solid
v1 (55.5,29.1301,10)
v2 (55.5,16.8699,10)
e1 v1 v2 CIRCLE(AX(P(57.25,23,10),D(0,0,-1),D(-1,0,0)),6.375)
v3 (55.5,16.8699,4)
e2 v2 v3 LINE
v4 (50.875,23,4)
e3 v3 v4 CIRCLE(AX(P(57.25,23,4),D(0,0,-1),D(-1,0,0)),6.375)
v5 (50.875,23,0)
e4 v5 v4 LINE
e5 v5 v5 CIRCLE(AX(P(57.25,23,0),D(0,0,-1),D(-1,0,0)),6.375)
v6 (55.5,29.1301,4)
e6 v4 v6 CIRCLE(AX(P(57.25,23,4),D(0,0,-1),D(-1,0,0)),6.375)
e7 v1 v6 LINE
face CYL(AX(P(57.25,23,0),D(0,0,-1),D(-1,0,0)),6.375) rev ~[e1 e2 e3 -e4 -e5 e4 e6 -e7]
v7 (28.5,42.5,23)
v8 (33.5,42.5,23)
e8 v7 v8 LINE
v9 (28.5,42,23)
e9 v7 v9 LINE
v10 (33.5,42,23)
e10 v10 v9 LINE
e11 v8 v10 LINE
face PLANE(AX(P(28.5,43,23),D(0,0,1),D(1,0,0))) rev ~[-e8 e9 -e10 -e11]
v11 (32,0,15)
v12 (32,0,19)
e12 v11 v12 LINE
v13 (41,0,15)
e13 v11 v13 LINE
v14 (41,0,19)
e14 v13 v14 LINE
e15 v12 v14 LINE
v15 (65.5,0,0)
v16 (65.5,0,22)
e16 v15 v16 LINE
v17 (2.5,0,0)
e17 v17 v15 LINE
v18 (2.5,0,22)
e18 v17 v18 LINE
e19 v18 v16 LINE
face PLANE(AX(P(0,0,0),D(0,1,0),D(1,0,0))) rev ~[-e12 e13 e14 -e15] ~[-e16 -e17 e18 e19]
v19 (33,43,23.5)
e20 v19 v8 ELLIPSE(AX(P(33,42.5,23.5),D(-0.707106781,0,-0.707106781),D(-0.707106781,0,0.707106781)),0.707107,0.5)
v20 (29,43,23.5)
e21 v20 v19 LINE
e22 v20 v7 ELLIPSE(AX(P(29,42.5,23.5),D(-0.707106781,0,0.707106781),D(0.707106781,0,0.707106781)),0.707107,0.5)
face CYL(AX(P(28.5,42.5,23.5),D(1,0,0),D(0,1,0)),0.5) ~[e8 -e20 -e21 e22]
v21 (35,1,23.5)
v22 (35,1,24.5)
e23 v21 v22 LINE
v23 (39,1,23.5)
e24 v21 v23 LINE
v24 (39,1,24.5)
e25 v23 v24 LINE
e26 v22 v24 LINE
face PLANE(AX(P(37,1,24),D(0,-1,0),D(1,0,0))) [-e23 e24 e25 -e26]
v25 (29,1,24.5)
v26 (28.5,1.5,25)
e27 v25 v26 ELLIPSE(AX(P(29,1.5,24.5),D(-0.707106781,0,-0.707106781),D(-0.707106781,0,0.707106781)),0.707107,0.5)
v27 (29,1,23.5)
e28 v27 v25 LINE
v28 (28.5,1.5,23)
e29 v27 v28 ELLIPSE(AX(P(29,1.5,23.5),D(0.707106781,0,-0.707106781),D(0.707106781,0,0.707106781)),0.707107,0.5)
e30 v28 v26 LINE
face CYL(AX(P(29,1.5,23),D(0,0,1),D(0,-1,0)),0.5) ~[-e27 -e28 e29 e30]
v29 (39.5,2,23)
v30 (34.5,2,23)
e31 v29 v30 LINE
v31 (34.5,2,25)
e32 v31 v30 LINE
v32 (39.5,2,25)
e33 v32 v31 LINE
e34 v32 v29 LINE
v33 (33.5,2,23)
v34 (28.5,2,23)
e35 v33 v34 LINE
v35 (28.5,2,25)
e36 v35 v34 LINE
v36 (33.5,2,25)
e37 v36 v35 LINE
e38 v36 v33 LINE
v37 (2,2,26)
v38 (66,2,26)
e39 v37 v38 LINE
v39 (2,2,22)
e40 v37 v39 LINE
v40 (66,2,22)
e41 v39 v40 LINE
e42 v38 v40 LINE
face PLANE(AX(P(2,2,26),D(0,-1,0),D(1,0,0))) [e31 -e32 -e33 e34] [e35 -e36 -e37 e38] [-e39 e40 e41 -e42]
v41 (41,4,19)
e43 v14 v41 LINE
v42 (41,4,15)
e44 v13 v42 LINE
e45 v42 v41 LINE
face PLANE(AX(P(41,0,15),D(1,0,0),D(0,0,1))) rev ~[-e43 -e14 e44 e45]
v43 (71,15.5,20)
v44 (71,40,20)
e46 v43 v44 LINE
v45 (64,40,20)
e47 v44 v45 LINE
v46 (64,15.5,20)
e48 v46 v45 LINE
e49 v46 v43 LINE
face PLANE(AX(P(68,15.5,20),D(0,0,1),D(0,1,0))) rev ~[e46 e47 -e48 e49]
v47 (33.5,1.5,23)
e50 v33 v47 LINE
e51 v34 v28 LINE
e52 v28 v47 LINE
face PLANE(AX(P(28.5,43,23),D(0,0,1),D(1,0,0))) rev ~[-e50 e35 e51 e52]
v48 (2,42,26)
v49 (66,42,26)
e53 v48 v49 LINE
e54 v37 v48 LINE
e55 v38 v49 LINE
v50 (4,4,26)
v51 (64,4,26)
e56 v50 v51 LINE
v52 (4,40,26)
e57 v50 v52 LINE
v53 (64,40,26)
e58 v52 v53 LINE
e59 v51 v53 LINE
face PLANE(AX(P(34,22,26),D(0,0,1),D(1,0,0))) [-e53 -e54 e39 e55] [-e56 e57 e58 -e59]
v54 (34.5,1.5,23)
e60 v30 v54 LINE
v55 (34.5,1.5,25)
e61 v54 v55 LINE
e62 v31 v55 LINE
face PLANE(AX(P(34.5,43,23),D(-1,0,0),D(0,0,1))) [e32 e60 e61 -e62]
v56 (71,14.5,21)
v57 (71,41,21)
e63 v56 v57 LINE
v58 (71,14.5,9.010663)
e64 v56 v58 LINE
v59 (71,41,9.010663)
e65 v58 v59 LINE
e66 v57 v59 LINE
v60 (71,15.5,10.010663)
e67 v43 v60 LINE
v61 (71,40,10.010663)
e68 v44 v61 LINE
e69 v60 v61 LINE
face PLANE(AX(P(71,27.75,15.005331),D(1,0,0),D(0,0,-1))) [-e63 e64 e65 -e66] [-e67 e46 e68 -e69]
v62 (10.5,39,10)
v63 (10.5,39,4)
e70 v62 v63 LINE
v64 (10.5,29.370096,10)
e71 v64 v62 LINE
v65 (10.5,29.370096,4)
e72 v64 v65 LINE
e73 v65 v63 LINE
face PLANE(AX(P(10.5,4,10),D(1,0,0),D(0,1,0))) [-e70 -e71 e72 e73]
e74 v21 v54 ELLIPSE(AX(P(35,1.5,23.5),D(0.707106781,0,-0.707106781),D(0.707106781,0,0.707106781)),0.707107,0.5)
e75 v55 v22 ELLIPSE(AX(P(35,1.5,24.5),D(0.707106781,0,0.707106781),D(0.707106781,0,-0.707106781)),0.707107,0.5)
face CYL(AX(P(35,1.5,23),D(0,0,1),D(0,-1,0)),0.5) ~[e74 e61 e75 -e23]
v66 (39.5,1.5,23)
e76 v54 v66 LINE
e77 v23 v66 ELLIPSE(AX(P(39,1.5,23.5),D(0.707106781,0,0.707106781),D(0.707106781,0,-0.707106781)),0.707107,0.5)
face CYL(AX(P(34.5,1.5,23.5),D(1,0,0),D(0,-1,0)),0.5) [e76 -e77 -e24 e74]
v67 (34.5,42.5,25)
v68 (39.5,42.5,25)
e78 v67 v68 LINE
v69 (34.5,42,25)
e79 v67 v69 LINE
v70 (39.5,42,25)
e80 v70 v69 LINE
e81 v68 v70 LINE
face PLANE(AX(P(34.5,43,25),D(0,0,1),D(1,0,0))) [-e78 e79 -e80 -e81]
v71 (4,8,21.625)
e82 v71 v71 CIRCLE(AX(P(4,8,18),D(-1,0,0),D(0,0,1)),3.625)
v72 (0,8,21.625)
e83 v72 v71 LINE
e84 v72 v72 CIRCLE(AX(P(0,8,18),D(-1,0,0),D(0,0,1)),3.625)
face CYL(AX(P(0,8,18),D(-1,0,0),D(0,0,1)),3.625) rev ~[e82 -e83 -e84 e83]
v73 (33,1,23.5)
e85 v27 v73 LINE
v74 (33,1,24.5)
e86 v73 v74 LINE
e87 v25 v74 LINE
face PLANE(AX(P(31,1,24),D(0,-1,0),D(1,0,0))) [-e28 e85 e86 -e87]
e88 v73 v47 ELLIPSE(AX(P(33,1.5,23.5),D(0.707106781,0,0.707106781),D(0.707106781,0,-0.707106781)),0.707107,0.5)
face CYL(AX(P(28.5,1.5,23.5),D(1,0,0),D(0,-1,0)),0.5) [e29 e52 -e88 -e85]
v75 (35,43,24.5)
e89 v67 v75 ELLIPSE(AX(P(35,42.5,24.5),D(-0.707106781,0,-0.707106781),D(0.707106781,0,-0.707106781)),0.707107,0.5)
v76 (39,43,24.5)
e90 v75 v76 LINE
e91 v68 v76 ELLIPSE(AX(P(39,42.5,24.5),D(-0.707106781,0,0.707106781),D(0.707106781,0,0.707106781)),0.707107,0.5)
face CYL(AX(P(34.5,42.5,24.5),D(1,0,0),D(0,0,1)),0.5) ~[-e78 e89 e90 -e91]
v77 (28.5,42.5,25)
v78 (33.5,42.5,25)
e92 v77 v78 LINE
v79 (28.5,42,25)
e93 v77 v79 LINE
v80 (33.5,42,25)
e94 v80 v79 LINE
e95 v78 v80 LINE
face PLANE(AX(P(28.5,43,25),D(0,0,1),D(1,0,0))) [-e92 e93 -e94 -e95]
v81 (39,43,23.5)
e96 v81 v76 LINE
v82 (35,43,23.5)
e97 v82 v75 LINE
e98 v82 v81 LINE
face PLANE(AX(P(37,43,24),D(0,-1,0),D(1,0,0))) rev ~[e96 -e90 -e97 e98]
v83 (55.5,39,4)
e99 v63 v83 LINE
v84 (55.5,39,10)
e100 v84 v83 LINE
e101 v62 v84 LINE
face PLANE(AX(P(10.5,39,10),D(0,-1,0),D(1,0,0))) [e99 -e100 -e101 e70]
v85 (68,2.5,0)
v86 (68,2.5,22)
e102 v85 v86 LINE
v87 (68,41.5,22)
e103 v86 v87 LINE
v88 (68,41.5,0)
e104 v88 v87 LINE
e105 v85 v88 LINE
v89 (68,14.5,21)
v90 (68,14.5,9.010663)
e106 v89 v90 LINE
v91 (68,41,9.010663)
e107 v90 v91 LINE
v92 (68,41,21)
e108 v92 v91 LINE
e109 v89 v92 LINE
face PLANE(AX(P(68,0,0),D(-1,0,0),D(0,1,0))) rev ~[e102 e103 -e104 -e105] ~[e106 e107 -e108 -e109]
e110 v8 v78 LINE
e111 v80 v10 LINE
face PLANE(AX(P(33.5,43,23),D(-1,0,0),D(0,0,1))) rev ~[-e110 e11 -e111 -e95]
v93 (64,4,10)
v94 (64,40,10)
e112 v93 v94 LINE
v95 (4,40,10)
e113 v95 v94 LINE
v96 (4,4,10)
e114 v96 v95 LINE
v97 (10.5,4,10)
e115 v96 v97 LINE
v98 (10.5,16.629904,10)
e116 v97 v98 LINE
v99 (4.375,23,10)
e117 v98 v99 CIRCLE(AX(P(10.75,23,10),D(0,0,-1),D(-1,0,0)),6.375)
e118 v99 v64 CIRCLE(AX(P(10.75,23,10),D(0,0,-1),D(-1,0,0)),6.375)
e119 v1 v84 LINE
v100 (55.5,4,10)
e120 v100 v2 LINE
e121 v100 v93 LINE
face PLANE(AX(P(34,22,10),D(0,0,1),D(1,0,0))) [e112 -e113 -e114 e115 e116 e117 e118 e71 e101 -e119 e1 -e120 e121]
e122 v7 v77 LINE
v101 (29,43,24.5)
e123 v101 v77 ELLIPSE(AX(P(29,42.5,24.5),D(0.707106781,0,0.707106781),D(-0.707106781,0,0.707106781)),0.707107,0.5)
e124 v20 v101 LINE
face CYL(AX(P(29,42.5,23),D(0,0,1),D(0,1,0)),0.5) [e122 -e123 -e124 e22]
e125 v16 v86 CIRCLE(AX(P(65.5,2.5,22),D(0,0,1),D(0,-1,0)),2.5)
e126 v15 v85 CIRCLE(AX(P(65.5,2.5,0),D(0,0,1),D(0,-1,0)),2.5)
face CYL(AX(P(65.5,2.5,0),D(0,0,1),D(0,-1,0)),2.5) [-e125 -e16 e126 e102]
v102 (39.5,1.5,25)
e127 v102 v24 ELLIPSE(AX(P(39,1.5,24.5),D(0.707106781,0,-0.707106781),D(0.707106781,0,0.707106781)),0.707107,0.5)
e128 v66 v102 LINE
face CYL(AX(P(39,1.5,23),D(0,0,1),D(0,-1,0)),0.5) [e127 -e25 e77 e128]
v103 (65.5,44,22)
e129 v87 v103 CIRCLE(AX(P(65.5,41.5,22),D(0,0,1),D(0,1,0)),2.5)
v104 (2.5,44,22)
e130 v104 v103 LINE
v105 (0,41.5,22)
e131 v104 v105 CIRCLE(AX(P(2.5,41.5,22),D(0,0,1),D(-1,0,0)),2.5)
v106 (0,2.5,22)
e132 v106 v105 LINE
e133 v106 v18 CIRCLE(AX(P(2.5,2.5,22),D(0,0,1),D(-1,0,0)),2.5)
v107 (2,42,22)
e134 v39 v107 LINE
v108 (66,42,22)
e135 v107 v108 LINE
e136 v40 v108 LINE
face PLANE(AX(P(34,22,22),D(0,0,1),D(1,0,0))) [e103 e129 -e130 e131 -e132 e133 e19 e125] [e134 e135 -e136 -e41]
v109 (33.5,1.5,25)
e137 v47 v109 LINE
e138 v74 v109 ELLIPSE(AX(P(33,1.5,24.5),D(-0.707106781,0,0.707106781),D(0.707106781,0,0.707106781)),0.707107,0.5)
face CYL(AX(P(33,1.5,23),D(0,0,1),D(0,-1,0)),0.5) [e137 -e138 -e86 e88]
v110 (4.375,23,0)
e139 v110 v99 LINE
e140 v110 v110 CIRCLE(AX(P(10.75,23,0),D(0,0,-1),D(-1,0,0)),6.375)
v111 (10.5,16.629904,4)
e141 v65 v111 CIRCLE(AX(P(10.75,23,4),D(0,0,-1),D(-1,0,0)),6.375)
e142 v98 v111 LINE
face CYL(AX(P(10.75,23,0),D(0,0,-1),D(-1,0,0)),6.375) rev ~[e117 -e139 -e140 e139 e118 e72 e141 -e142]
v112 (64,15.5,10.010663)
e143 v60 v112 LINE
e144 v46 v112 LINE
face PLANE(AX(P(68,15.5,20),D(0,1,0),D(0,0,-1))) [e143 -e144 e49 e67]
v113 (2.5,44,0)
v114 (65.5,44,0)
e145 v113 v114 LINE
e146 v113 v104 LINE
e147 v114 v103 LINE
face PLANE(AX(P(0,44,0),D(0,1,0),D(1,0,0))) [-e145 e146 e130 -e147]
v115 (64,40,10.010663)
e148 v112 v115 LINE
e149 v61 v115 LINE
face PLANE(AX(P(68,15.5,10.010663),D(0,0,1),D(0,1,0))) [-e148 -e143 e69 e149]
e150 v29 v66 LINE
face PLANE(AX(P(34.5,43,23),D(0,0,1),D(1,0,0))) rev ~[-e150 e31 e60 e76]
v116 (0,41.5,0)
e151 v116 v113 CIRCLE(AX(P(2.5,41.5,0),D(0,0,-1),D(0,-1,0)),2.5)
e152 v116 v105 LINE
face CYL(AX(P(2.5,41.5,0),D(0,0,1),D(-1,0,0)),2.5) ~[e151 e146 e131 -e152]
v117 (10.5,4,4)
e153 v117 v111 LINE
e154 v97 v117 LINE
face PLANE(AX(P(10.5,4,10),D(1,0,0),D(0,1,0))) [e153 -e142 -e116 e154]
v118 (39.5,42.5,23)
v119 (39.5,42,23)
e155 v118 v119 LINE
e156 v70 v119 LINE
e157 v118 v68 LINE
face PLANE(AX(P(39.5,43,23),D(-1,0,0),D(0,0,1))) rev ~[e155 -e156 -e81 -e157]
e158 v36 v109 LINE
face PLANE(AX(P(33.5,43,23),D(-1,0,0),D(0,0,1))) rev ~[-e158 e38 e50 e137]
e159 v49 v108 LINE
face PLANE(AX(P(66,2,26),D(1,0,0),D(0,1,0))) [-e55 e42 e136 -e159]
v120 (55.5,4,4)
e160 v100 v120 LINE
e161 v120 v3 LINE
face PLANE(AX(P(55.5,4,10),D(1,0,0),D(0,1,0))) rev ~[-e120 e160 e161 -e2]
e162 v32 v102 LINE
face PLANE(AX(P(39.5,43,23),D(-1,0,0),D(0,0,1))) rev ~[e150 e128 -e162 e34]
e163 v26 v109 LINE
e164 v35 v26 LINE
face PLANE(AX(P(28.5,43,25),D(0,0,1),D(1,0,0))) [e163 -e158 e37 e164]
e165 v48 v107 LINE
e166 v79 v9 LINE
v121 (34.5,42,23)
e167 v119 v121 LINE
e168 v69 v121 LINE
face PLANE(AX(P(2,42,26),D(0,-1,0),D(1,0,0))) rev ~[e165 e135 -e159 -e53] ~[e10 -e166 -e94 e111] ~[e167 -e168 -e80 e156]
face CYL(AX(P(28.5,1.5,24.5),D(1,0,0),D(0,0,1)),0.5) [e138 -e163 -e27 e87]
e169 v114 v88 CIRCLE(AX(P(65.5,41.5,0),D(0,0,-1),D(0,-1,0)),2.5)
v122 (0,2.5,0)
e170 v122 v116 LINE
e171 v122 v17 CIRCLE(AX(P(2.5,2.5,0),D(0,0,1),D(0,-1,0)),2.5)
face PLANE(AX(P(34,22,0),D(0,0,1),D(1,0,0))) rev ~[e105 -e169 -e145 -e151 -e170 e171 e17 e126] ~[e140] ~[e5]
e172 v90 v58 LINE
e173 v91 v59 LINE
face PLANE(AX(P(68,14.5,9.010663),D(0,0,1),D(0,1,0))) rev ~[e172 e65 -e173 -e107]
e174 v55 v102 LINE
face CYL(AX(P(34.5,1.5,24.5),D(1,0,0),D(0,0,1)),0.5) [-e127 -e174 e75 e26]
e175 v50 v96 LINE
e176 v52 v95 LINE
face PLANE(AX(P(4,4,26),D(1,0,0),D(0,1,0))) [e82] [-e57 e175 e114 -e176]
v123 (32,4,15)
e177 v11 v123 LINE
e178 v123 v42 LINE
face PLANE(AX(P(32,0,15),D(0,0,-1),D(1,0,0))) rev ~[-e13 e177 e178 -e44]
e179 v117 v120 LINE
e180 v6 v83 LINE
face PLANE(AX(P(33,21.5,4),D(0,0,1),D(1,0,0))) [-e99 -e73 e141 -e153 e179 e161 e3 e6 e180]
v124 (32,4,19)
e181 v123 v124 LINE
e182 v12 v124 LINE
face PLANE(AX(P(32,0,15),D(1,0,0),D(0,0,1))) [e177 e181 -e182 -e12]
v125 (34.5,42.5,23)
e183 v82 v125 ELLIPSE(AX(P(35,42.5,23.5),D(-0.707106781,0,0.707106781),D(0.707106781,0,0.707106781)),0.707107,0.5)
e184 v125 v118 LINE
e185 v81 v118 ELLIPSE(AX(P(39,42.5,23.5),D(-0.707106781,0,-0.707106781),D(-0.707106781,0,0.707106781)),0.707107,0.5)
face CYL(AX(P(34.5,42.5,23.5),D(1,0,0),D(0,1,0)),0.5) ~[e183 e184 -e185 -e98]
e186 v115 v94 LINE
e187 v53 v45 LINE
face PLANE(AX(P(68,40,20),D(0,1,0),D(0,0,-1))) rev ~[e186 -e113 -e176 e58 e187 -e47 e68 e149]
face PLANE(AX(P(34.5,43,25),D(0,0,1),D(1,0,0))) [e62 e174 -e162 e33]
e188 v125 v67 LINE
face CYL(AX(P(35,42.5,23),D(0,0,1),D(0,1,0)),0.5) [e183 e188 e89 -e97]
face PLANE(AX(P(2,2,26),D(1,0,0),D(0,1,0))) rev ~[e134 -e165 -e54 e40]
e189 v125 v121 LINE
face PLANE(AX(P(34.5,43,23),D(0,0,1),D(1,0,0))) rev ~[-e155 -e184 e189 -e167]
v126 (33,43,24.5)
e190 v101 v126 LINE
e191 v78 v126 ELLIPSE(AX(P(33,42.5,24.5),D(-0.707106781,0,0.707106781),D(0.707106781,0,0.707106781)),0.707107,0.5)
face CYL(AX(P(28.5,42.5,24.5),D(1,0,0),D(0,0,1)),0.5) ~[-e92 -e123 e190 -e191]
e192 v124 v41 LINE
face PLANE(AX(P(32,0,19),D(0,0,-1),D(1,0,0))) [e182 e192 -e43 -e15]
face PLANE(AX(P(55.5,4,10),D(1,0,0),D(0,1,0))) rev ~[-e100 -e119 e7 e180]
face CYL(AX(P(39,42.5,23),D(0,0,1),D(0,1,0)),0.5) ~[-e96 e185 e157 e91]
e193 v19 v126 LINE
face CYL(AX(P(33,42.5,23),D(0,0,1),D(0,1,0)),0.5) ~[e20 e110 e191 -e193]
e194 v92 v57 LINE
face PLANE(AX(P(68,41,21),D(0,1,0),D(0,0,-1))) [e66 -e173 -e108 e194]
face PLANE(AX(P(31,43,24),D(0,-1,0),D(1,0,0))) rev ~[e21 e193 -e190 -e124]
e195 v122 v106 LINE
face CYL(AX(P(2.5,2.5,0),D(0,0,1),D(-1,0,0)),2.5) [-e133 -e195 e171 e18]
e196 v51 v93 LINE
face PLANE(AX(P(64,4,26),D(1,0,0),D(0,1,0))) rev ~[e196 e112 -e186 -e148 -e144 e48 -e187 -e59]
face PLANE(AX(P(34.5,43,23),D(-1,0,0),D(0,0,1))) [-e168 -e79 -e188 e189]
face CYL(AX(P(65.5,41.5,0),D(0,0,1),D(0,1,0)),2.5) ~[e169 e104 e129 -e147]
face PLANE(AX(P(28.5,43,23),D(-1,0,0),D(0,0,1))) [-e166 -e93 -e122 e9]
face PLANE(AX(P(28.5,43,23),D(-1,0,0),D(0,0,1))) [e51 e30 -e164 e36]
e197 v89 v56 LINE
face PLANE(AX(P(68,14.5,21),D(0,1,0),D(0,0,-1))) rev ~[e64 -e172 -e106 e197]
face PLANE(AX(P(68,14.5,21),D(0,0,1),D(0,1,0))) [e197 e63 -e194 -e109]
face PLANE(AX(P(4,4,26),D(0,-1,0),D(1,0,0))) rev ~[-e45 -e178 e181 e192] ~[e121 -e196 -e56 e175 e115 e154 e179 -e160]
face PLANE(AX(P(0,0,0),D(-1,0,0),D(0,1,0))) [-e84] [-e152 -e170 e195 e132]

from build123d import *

# Parameters (mm, degrees)
SKETCH1_W                   = 68
SKETCH1_H                   = 44
MIAN_BOSS_EXTRUDE_DEPTH     = 26
SKETCH2_W                   = 60
SKETCH2_H                   = 36
MAIN_CUT_DEPTH              = 16
SKETCH4_W                   = 45
SKETCH4_H                   = 35
BATTERY_CUT_DEPTH           = 6
SKETCH5_R                   = 6.375
ELCTRODE_CUT_DEPTH          = 12
SKETCH6_W                   = 9.989337028
SKETCH6_H                   = 24.5
USB_C_CUT_DEPTH             = 7
SKETCH7_R                   = 3.625
BUTTON_CUT_DEPTH            = 7
SKETCH8_W                   = 9
SKETCH8_H                   = 4
SWITCH_CUT_DEPTH            = 7
OUTSIDE_FILLET_R            = 2.5
SKETCH10_OUTSIDE_W          = 87.012
SKETCH10_OUTSIDE_H          = 63.012
SKETCH10_OUTSIDE_W_2        = 64
SKETCH10_OUTSIDE_H_2        = 40
OUTER_LID_EXTRUDE_DEPTH     = 4
LID_SNAP_EXTRUDE_DEPTH      = 1
LID_SNAP_EXTRUDE_DEPTH_BACK = 41
SKETCH11_W                  = 5
SKETCH11_H                  = 2
SKETCH13_W                  = 11
SKETCH13_H                  = 36
INNER_LID_EXTRUDE_DEPTH     = 3
SKETCH14_W                  = 11.989337028
SKETCH14_H                  = 26.5
SKETCH14_W_2                = 9.989337028
SKETCH14_H_2                = 24.5
USB_COVER_EXTRUDE_DEPTH     = 3
LID_SNAP_FILLET_R           = 0.5


with BuildPart() as part:
    # Sketch1 → Mian Boss Extrude (new body)
    with BuildSketch(Plane.XY):
        with Locations((34, 22)):
            Rectangle(SKETCH1_W, SKETCH1_H)
    extrude(amount=MIAN_BOSS_EXTRUDE_DEPTH)

    # Sketch2 → Main cut (cut)
    with BuildSketch(Plane.XY.offset(26)):
        with Locations((34, 22)):
            Rectangle(SKETCH2_W, SKETCH2_H)
    extrude(amount=-MAIN_CUT_DEPTH, mode=Mode.SUBTRACT)

    # Sketch4 → Battery Cut (cut)
    with BuildSketch(Plane.XY.offset(10)):
        with Locations((33, 21.5)):
            Rectangle(SKETCH4_W, SKETCH4_H)
    extrude(amount=-BATTERY_CUT_DEPTH, mode=Mode.SUBTRACT)

    # Sketch5 → Elctrode Cut (cut)
    with BuildSketch(Plane(origin=(0, 0, 0), x_dir=(-1, 0, 0), z_dir=(0, 0, -1))):
        with Locations((-57.25, 23)):
            Circle(SKETCH5_R)
        with Locations((-10.75, 23)):
            Circle(SKETCH5_R)
    extrude(amount=-ELCTRODE_CUT_DEPTH, mode=Mode.SUBTRACT)

    # Sketch6 → USB-c Cut (cut)
    with BuildSketch(Plane(origin=(68, 0, 0), x_dir=(0, 0, -1), z_dir=(1, 0, 0))):
        with Locations((-15.005331486, 27.75)):
            Rectangle(SKETCH6_W, SKETCH6_H)
    extrude(amount=-USB_C_CUT_DEPTH, mode=Mode.SUBTRACT)

    # Sketch7 → Button Cut (cut)
    with BuildSketch(Plane.ZY):
        with Locations((18, 8)):
            Circle(SKETCH7_R)
    extrude(amount=-BUTTON_CUT_DEPTH, mode=Mode.SUBTRACT)

    # Sketch8 → Switch Cut (cut)
    with BuildSketch(Plane.XZ):
        with Locations((36.5, 17)):
            Rectangle(SKETCH8_W, SKETCH8_H)
    extrude(amount=-SWITCH_CUT_DEPTH, mode=Mode.SUBTRACT)

    # Outside Fillet
    outside_fillet_edges = [part.edges().sort_by_distance(p)[0] for p in [
        (0, 44, 13),
        (68, 44, 13),
        (68, 0, 13),
        (0, 0, 13),
    ]]
    fillet(outside_fillet_edges, radius=OUTSIDE_FILLET_R)

    # Sketch10 outside → Outer lid Extrude (cut)
    with BuildSketch(Plane.XY.offset(26)):
        with Locations((34, 22)):
            Rectangle(SKETCH10_OUTSIDE_W, SKETCH10_OUTSIDE_H)
        with Locations((34, 22)):
            Rectangle(SKETCH10_OUTSIDE_W_2, SKETCH10_OUTSIDE_H_2, mode=Mode.SUBTRACT)
    extrude(amount=-OUTER_LID_EXTRUDE_DEPTH, mode=Mode.SUBTRACT)

    # Sketch11 → Lid Snap-Extrude (add, two sides: drawn at the far end of the back side and taken through both)
    with BuildSketch(Plane.XZ.offset(-2).offset(-LID_SNAP_EXTRUDE_DEPTH_BACK)):
        with Locations((31, 24)):
            Rectangle(SKETCH11_W, SKETCH11_H)
        with Locations((37, 24)):
            Rectangle(SKETCH11_W, SKETCH11_H)
    extrude(amount=LID_SNAP_EXTRUDE_DEPTH + LID_SNAP_EXTRUDE_DEPTH_BACK)

    # Sketch13 → Inner Lid-Extrude (cut)
    with BuildSketch(Plane.XY.offset(25)):
        with Locations((34, 22)):
            Rectangle(SKETCH13_W, SKETCH13_H)
    extrude(amount=-INNER_LID_EXTRUDE_DEPTH, mode=Mode.SUBTRACT)

    # Sketch14 → USB Cover-Extrude (add)
    with BuildSketch(Plane(origin=(68, 0, 0), x_dir=(0, 0, -1), z_dir=(1, 0, 0))):
        with Locations((-15.005331486, 27.75)):
            Rectangle(SKETCH14_W, SKETCH14_H)
        with Locations((-15.005331486, 27.75)):
            Rectangle(SKETCH14_W_2, SKETCH14_H_2, mode=Mode.SUBTRACT)
    extrude(amount=USB_COVER_EXTRUDE_DEPTH)

    # Lid Snap Fillet
    lid_snap_fillet_edges = [part.edges().sort_by_distance(p)[0] for p in [
        (28.5, 43, 24),
        (31, 43, 25),
        (33.5, 43, 24),
        (31, 43, 23),
        (28.5, 1, 24),
        (31, 1, 23),
        (33.5, 1, 24),
        (31, 1, 25),
        (37, 43, 25),
        (39.5, 43, 24),
        (37, 43, 23),
        (34.5, 43, 24),
        (37, 1, 25),
        (34.5, 1, 24),
        (37, 1, 23),
        (39.5, 1, 24),
    ]]
    fillet(lid_snap_fillet_edges, radius=LID_SNAP_FILLET_R)


solid = part.part
